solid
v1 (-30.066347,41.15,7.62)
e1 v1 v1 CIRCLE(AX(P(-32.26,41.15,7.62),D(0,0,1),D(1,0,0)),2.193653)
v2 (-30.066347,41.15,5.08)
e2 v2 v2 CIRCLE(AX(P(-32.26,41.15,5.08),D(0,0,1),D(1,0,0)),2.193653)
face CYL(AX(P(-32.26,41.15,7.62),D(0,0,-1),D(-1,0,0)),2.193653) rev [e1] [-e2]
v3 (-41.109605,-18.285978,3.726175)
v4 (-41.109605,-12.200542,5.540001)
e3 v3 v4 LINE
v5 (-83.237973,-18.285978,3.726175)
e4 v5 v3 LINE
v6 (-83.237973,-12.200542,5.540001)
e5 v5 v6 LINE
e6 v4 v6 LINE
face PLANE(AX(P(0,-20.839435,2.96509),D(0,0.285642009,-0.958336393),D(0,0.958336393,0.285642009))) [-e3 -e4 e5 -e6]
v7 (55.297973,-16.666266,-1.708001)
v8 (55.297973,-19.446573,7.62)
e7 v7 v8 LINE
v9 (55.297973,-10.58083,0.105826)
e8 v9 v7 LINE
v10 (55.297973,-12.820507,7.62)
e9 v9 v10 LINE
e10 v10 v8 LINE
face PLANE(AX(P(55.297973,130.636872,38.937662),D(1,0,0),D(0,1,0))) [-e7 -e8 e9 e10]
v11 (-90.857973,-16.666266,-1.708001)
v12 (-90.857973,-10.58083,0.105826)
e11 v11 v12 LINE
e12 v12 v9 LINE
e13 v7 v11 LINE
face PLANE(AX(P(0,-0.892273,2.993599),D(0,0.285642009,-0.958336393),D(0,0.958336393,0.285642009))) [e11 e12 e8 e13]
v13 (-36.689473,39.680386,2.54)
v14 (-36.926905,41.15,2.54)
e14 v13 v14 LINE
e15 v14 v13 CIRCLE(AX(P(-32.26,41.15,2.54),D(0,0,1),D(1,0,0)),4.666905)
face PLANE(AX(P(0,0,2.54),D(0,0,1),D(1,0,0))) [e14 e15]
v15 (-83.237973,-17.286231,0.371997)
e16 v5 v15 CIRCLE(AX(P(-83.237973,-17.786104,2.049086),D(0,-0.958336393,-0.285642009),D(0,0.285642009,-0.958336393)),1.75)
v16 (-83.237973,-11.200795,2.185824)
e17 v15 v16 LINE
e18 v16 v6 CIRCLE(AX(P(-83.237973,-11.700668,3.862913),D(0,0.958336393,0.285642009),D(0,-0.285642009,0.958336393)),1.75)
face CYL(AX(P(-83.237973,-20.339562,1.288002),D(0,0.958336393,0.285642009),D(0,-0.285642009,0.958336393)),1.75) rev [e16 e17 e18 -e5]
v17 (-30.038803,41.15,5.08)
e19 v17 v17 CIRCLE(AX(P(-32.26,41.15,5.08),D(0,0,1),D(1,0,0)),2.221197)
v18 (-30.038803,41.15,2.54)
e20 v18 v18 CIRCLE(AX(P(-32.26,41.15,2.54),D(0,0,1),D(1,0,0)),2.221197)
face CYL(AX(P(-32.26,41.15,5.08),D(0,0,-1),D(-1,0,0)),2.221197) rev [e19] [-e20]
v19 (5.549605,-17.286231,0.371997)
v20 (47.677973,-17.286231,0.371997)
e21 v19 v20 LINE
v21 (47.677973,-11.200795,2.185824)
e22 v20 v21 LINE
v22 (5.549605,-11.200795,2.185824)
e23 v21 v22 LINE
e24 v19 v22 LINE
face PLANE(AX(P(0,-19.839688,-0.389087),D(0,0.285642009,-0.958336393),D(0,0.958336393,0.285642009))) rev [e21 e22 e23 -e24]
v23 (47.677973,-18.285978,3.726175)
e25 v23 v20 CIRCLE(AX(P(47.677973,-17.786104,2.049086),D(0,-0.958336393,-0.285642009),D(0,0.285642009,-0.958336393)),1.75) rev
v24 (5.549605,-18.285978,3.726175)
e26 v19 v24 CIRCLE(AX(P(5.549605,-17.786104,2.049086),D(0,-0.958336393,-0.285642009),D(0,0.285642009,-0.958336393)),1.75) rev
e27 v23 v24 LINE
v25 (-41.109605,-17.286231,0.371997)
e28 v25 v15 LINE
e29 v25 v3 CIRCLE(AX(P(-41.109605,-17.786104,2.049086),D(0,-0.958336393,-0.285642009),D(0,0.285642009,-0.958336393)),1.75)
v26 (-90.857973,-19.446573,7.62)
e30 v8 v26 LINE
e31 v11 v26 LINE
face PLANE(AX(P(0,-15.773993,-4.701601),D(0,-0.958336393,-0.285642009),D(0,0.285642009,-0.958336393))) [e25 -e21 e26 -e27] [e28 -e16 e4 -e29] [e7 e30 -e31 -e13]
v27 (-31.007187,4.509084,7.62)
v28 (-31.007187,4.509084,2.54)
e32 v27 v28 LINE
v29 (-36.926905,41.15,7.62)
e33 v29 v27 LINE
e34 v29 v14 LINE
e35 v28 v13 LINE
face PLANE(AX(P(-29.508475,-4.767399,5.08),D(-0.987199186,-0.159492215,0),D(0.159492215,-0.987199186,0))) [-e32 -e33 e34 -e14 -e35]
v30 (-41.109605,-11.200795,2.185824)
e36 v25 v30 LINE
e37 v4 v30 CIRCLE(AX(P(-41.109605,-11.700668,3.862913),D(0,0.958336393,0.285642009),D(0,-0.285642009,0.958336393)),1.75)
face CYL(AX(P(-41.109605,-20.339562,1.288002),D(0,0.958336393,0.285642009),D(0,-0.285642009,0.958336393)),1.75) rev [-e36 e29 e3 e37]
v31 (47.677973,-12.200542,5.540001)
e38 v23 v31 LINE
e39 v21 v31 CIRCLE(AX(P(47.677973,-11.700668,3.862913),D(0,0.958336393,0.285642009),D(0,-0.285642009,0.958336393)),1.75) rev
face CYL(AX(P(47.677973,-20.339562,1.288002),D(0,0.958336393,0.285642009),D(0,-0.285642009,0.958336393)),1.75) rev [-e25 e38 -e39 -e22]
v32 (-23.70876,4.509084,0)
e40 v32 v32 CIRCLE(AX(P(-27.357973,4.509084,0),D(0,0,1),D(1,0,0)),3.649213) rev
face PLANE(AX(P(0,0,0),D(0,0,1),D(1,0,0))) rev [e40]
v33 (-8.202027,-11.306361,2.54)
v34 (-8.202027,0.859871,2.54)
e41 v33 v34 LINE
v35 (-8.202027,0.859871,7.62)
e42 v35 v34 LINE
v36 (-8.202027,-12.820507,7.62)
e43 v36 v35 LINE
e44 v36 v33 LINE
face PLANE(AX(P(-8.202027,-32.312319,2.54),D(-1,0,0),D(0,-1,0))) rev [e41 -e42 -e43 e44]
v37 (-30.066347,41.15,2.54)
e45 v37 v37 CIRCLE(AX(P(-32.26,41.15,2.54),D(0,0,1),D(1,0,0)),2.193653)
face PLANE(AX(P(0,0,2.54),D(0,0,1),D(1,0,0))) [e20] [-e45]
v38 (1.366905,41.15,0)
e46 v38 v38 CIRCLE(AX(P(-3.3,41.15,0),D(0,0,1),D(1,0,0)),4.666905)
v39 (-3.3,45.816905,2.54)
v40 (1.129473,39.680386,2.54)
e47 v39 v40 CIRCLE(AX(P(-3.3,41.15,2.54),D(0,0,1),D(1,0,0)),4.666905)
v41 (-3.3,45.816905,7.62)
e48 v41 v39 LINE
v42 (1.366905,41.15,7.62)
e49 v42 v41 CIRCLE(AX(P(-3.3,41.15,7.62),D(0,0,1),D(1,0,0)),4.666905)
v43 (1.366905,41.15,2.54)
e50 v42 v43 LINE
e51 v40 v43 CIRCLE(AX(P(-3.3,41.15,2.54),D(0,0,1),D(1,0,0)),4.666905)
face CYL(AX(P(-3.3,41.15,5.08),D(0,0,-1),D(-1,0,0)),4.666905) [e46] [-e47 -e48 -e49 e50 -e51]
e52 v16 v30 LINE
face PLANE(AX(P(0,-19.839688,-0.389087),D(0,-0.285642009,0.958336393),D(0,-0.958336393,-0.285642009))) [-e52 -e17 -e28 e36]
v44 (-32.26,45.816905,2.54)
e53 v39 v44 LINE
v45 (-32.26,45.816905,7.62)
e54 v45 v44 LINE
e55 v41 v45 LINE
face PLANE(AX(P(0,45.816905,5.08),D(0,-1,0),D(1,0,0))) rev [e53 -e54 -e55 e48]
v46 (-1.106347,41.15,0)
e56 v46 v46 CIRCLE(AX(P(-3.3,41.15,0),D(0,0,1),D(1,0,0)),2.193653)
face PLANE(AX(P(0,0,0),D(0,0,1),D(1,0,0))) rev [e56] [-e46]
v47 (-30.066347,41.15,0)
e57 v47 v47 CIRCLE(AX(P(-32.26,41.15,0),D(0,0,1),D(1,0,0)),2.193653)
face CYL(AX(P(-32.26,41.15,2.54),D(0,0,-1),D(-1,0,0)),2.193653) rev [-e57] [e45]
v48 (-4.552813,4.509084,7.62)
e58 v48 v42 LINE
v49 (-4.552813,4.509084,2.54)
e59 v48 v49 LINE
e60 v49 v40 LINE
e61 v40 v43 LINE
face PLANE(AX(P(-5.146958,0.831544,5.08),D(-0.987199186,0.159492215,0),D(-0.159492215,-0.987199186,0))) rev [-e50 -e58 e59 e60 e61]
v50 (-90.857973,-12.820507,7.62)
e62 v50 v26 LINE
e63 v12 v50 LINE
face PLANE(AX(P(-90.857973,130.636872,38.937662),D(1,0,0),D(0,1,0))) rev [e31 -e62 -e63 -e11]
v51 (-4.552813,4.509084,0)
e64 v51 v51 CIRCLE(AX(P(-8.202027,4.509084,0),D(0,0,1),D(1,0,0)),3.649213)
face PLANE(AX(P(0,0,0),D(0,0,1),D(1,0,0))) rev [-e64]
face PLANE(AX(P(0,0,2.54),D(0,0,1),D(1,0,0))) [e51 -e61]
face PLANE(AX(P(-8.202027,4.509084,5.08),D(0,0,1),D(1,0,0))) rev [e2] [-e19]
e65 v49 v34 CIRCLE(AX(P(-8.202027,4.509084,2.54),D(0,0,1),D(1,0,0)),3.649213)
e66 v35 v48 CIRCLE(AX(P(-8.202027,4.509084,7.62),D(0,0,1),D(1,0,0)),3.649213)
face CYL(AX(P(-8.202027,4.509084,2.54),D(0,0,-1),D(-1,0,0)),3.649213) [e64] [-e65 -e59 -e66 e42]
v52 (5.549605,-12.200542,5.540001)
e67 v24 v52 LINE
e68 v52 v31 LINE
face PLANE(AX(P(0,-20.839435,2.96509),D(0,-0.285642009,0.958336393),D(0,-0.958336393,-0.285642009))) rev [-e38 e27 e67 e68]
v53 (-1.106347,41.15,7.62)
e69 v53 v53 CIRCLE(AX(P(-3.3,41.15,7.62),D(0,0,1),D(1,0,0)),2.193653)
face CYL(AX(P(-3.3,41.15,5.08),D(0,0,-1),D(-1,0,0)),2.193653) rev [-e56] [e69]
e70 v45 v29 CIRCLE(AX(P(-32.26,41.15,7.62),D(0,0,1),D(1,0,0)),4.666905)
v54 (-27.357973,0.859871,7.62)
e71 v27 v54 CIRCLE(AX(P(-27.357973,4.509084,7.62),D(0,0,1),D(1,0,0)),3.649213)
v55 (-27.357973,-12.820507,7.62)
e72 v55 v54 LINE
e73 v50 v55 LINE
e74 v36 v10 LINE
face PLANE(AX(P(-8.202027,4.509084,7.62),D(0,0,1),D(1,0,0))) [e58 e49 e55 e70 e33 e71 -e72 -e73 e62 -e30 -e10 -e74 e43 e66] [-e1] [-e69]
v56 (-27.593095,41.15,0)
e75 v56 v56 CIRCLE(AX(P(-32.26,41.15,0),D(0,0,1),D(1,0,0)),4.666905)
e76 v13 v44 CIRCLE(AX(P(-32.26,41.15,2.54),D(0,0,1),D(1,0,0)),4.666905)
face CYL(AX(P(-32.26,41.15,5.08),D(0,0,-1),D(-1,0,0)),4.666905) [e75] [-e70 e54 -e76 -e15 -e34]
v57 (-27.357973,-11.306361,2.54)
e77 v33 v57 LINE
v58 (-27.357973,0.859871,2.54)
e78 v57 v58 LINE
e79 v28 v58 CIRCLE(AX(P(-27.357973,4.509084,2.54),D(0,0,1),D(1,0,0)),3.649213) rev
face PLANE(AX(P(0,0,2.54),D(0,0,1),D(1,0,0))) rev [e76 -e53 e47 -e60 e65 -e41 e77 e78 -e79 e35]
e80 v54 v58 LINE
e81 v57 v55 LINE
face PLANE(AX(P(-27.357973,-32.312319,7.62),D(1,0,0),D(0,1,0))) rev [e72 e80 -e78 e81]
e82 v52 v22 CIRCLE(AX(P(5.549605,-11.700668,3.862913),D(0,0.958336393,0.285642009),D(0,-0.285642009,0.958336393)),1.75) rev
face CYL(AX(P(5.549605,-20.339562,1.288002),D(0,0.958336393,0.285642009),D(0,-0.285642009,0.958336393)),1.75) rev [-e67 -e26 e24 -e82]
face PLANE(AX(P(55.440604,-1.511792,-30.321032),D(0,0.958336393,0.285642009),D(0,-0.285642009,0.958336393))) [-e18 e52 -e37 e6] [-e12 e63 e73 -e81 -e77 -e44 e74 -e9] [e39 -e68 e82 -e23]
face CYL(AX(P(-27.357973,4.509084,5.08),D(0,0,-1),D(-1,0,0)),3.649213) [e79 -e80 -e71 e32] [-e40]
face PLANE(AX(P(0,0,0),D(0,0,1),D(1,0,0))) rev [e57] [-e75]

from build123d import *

# Parameters (mm, degrees)
SKETCH1_R               = 3.649213309
BOSS_EXTRUDE1_DEPTH     = 2.54
SKETCH1_R_2             = 4.666904756
SKETCH1_R_3             = 2.193652513
BOSS_EXTRUDE1_2_DEPTH   = 2.54
BOSS_EXTRUDE1_3_DEPTH   = 2.54
BOSS_EXTRUDE1_4_DEPTH   = 2.54
SKETCH2_R               = 2.193652513
SKETCH2_R_2             = 2.221197288
SKETCH2_R_3             = 3.649213309
BOSS_EXTRUDE2_DEPTH     = 2.54
SKETCH4_R               = 2.193652513
BOSS_EXTRUDE3_DEPTH     = 2.54
BOSS_EXTRUDE4_REACH     = 60.675
SKETCH5_W               = 19.155946822
SKETCH5_H               = 5.08
SKETCH6_W               = 19.155946822
SKETCH6_H               = 5.30085264
BOSS_EXTRUDE5_DEPTH     = 6.35
SKETCH7_W               = 19.155946822
SKETCH7_H               = 3.58914736
SKETCH7_H_2             = 5.30085264
BOSS_EXTRUDE6_DEPTH     = 6.349999999
CUT_EXTRUDE1_DEPTH      = 113.695579137
BOSS_EXTRUDE7_DEPTH     = 2.54
CUT_EXTRUDE2_DEPTH      = 107.988040918
CUT_EXTRUDE2_DEPTH_BACK = 107.988040918


with BuildPart() as part:
    # Sketch1 → Boss-Extrude1 (new body)
    with BuildSketch(Plane.XY):
        with Locations((-8.202026589, 4.509084108)):
            Circle(SKETCH1_R)
    extrude(amount=BOSS_EXTRUDE1_DEPTH)



with BuildPart() as body_2:
    # Sketch1 → Boss-Extrude1 2 (new body)
    with BuildSketch(Plane.XY):
        with Locations((-3.3, 41.15)):
            Circle(SKETCH1_R_2)
        with Locations((-3.3, 41.15)):
            Circle(SKETCH1_R_3, mode=Mode.SUBTRACT)
    extrude(amount=BOSS_EXTRUDE1_2_DEPTH)


with BuildPart() as body_3:
    # Sketch1 → Boss-Extrude1 3 (new body)
    with BuildSketch(Plane.XY):
        with Locations((-32.26, 41.15)):
            Circle(SKETCH1_R_2)
        with Locations((-32.26, 41.15)):
            Circle(SKETCH1_R_3, mode=Mode.SUBTRACT)
    extrude(amount=BOSS_EXTRUDE1_3_DEPTH)


with BuildPart() as body_4:
    # Sketch1 → Boss-Extrude1 4 (new body)
    with BuildSketch(Plane.XY):
        with Locations((-27.357973411, 4.509084108)):
            Circle(SKETCH1_R)
    extrude(amount=BOSS_EXTRUDE1_4_DEPTH)


with BuildPart() as part_1:
    add(part.part)

    add(body_2.part)  # Boss-Extrude2 merges body 2

    add(body_3.part)  # Boss-Extrude2 merges body 3

    add(body_4.part)  # Boss-Extrude2 merges body 4
    # Sketch2 → Boss-Extrude2 (add)
    # profile 1 of 5: a face of its own
    with BuildSketch(Plane.XY.offset(2.54)):
        with BuildLine():
            ThreePointArc((-8.202026589, 0.859870799), (-10.782410066, 7.089467585), (-4.552813279, 4.509084108))
            Line((-4.552813279, 4.509084108), (1.129473488, 39.680386235))
            ThreePointArc((1.129473488, 39.680386235), (-7.084081624, 38.418566994), (-3.3, 45.816904756))
            Line((-3.3, 45.816904756), (-32.26, 45.816904756))
            ThreePointArc((-32.26, 45.816904756), (-28.96, 44.45), (-27.593095244, 41.15))
            ThreePointArc((-27.593095244, 41.15), (-31.515665024, 36.542835423), (-36.689473488, 39.680386235))
            Line((-36.689473488, 39.680386235), (-31.007186721, 4.509084108))
            ThreePointArc((-31.007186721, 4.509084108), (-27.357973411, 8.158297418), (-23.708760102, 4.509084108))
            ThreePointArc((-23.708760102, 4.509084108), (-24.777589934, 1.928700631), (-27.357973411, 0.859870799))
            Line((-27.357973411, 0.859870799), (-8.202026589, 0.859870799))
        make_face()
    # profile 2 of 5: a face of its own
    with BuildSketch(Plane.XY.offset(2.54)):
        with BuildLine():
            ThreePointArc((-3.3, 45.816904756), (-7.084081624, 38.418566994), (1.129473488, 39.680386235))
            Line((1.129473488, 39.680386235), (1.366904756, 41.15))
            ThreePointArc((1.366904756, 41.15), (0, 44.45), (-3.3, 45.816904756))
        make_face()
        with Locations((-3.3, 41.15)):
            Circle(SKETCH2_R, mode=Mode.SUBTRACT)
    # profile 3 of 5: a face of its own
    with BuildSketch(Plane.XY.offset(2.54)):
        with BuildLine():
            ThreePointArc((-27.593095244, 41.15), (-28.96, 44.45), (-32.26, 45.816904756))
            ThreePointArc((-32.26, 45.816904756), (-35.56, 44.45), (-36.926904756, 41.15))
            Line((-36.926904756, 41.15), (-36.689473488, 39.680386235))
            ThreePointArc((-36.689473488, 39.680386235), (-31.515665024, 36.542835423), (-27.593095244, 41.15))
        make_face()
        with Locations((-32.26, 41.15)):
            Circle(SKETCH2_R_2, mode=Mode.SUBTRACT)
    # profile 4 of 5: a face of its own
    with BuildSketch(Plane.XY.offset(2.54)):
        with Locations(Location((-27.357973411, 4.509084108, 0), (0, 0, 180))):
            Circle(SKETCH2_R_3)
    # profile 5 of 5: a face of its own
    with BuildSketch(Plane.XY.offset(2.54)):
        with Locations((-8.202026589, 4.509084108)):
            Circle(SKETCH2_R_3)
    extrude(amount=BOSS_EXTRUDE2_DEPTH)

    # Sketch4 → Boss-Extrude3 (add)
    with BuildSketch(Plane.XY.offset(5.08)):
        with BuildLine():
            Line((-4.552813279, 4.509084108), (1.366904756, 41.15))
            ThreePointArc((1.366904756, 41.15), (0, 44.45), (-3.3, 45.816904756))
            Line((-3.3, 45.816904756), (-32.26, 45.816904756))
            ThreePointArc((-32.26, 45.816904756), (-35.56, 44.45), (-36.926904756, 41.15))
            Line((-36.926904756, 41.15), (-31.007186721, 4.509084108))
            ThreePointArc((-31.007186721, 4.509084108), (-29.938356889, 1.928700631), (-27.357973411, 0.859870799))
            Line((-27.357973411, 0.859870799), (-8.202026589, 0.859870799))
            ThreePointArc((-8.202026589, 0.859870799), (-5.621643111, 1.928700631), (-4.552813279, 4.509084108))
        make_face()
        with Locations((-3.3, 41.15)):
            Circle(SKETCH4_R, mode=Mode.SUBTRACT)
        with Locations((-32.26, 41.15)):
            Circle(SKETCH4_R, mode=Mode.SUBTRACT)
    extrude(amount=BOSS_EXTRUDE3_DEPTH)

    # Boss-Extrude4: up to this plane
    boss_extrude4_end = Plane(origin=(-92.143596389, -1.511792321, -30.321031804), z_dir=(0, 0.9583363932007225, 0.2856420092826512))
    # Sketch5 → Boss-Extrude4 (add, up to the surface)
    with BuildSketch(Plane.XZ.offset(-0.859870799), mode=Mode.PRIVATE) as boss_extrude4_sk1:
        with Locations((-17.78, 5.08)):
            Rectangle(SKETCH5_W, SKETCH5_H)
    boss_extrude4_tool1 = split(extrude(boss_extrude4_sk1.sketch, amount=BOSS_EXTRUDE4_REACH, mode=Mode.PRIVATE), bisect_by=boss_extrude4_end, keep=Keep.BOTH, mode=Mode.PRIVATE)
    add(boss_extrude4_tool1.solids().sort_by_distance((-17.78, 0.859871, 5.08))[0])

    # Sketch6 → Boss-Extrude5 (add)
    with BuildSketch(Plane(origin=(0, -9.68855673, -2.887773887), x_dir=(1, 0, 0), z_dir=(0, -0.9583363932007226, -0.2856420092826512))):
        with Locations((-17.78, 8.314172293)):
            Rectangle(SKETCH6_W, SKETCH6_H)
    extrude(amount=BOSS_EXTRUDE5_DEPTH)

    # Sketch7 → Boss-Extrude6 (add)
    with BuildSketch(Plane(origin=(0, -15.773992827, -4.701600646), x_dir=(1, 0, 0), z_dir=(0, -0.9583363932007226, -0.2856420092826512))):
        Polygon((-90.857973411, 5.663745973), (-27.357973411, 5.663745973), (-27.357973411, 10.964598613), (-27.357973411, 14.553745973), (-90.857973411, 14.553745973), align=None)
        with Locations((-17.78, 12.759172293)):
            Rectangle(SKETCH7_W, SKETCH7_H)
        with Locations((-17.78, 8.314172293)):
            Rectangle(SKETCH7_W, SKETCH7_H_2)
        Polygon((-8.202026589, 10.964598613), (-8.202026589, 5.663745973), (55.297973411, 5.663745973), (55.297973411, 14.553745973), (-8.202026589, 14.553745973), align=None)
    extrude(amount=-BOSS_EXTRUDE6_DEPTH)

    # Sketch9 → Cut-Extrude1 (cut, through all)
    with BuildSketch(Plane(origin=(0, 45.816904756, 0), x_dir=(1, 0, 0), z_dir=(0, 1, 0))):
        Polygon((-3.3, -7.62), (-17.78, -7.62), (-17.78, -45.955901378), (77.021856541, -45.955901378), (77.021856541, -7.62), align=None)
        Polygon((-17.78, -45.955901378), (-17.78, -7.62), (-32.26, -7.62), (-120.520571542, -7.62), (-120.520571542, -45.955901378), align=None)
    extrude(amount=-CUT_EXTRUDE1_DEPTH, mode=Mode.SUBTRACT)

    # Sketch10 → Boss-Extrude7 (add)
    with BuildSketch(Plane(origin=(0, -1.61780378, 5.427773887), x_dir=(-1, 0, 0), z_dir=(0, 0.28564200928265115, -0.9583363932007226))):
        Polygon((27.357973411, -10.109766049), (8.202026589, -10.109766049), (-55.297973411, -10.109766049), (-55.297973411, -16.459766048), (90.857973411, -16.459766048), (90.857973411, -10.109766049), align=None)
    extrude(amount=BOSS_EXTRUDE7_DEPTH)

    # Sketch11 → Cut-Extrude2 (cut, two sides: drawn at the far end of the back side and taken through both)
    with BuildSketch(Plane(origin=(0, -9.688556731, -2.887773887), x_dir=(1, 0, 0), z_dir=(0, 0.9583363932007284, 0.28564200928263184)).offset(-CUT_EXTRUDE2_DEPTH_BACK)):
        with BuildLine():
            Line((-41.109605197, -5.294172293), (-83.237973411, -5.294172293))
            ThreePointArc((-83.237973411, -5.294172293), (-84.475410278, -5.806735425), (-84.987973411, -7.044172293))
            ThreePointArc((-84.987973411, -7.044172293), (-84.475410278, -8.28160916), (-83.237973411, -8.794172293))
            Line((-83.237973411, -8.794172293), (-41.109605197, -8.794172293))
            ThreePointArc((-41.109605197, -8.794172293), (-39.359605197, -7.044172293), (-41.109605197, -5.294172293))
        make_face()
        with BuildLine():
            Line((5.549605197, -8.794172293), (47.677973411, -8.794172293))
            ThreePointArc((47.677973411, -8.794172293), (49.427973411, -7.044172293), (47.677973411, -5.294172293))
            Line((47.677973411, -5.294172293), (5.549605197, -5.294172293))
            ThreePointArc((5.549605197, -5.294172293), (3.799605197, -7.044172293), (5.549605197, -8.794172293))
        make_face()
    extrude(amount=CUT_EXTRUDE2_DEPTH + CUT_EXTRUDE2_DEPTH_BACK, mode=Mode.SUBTRACT)


solid = part_1.part
